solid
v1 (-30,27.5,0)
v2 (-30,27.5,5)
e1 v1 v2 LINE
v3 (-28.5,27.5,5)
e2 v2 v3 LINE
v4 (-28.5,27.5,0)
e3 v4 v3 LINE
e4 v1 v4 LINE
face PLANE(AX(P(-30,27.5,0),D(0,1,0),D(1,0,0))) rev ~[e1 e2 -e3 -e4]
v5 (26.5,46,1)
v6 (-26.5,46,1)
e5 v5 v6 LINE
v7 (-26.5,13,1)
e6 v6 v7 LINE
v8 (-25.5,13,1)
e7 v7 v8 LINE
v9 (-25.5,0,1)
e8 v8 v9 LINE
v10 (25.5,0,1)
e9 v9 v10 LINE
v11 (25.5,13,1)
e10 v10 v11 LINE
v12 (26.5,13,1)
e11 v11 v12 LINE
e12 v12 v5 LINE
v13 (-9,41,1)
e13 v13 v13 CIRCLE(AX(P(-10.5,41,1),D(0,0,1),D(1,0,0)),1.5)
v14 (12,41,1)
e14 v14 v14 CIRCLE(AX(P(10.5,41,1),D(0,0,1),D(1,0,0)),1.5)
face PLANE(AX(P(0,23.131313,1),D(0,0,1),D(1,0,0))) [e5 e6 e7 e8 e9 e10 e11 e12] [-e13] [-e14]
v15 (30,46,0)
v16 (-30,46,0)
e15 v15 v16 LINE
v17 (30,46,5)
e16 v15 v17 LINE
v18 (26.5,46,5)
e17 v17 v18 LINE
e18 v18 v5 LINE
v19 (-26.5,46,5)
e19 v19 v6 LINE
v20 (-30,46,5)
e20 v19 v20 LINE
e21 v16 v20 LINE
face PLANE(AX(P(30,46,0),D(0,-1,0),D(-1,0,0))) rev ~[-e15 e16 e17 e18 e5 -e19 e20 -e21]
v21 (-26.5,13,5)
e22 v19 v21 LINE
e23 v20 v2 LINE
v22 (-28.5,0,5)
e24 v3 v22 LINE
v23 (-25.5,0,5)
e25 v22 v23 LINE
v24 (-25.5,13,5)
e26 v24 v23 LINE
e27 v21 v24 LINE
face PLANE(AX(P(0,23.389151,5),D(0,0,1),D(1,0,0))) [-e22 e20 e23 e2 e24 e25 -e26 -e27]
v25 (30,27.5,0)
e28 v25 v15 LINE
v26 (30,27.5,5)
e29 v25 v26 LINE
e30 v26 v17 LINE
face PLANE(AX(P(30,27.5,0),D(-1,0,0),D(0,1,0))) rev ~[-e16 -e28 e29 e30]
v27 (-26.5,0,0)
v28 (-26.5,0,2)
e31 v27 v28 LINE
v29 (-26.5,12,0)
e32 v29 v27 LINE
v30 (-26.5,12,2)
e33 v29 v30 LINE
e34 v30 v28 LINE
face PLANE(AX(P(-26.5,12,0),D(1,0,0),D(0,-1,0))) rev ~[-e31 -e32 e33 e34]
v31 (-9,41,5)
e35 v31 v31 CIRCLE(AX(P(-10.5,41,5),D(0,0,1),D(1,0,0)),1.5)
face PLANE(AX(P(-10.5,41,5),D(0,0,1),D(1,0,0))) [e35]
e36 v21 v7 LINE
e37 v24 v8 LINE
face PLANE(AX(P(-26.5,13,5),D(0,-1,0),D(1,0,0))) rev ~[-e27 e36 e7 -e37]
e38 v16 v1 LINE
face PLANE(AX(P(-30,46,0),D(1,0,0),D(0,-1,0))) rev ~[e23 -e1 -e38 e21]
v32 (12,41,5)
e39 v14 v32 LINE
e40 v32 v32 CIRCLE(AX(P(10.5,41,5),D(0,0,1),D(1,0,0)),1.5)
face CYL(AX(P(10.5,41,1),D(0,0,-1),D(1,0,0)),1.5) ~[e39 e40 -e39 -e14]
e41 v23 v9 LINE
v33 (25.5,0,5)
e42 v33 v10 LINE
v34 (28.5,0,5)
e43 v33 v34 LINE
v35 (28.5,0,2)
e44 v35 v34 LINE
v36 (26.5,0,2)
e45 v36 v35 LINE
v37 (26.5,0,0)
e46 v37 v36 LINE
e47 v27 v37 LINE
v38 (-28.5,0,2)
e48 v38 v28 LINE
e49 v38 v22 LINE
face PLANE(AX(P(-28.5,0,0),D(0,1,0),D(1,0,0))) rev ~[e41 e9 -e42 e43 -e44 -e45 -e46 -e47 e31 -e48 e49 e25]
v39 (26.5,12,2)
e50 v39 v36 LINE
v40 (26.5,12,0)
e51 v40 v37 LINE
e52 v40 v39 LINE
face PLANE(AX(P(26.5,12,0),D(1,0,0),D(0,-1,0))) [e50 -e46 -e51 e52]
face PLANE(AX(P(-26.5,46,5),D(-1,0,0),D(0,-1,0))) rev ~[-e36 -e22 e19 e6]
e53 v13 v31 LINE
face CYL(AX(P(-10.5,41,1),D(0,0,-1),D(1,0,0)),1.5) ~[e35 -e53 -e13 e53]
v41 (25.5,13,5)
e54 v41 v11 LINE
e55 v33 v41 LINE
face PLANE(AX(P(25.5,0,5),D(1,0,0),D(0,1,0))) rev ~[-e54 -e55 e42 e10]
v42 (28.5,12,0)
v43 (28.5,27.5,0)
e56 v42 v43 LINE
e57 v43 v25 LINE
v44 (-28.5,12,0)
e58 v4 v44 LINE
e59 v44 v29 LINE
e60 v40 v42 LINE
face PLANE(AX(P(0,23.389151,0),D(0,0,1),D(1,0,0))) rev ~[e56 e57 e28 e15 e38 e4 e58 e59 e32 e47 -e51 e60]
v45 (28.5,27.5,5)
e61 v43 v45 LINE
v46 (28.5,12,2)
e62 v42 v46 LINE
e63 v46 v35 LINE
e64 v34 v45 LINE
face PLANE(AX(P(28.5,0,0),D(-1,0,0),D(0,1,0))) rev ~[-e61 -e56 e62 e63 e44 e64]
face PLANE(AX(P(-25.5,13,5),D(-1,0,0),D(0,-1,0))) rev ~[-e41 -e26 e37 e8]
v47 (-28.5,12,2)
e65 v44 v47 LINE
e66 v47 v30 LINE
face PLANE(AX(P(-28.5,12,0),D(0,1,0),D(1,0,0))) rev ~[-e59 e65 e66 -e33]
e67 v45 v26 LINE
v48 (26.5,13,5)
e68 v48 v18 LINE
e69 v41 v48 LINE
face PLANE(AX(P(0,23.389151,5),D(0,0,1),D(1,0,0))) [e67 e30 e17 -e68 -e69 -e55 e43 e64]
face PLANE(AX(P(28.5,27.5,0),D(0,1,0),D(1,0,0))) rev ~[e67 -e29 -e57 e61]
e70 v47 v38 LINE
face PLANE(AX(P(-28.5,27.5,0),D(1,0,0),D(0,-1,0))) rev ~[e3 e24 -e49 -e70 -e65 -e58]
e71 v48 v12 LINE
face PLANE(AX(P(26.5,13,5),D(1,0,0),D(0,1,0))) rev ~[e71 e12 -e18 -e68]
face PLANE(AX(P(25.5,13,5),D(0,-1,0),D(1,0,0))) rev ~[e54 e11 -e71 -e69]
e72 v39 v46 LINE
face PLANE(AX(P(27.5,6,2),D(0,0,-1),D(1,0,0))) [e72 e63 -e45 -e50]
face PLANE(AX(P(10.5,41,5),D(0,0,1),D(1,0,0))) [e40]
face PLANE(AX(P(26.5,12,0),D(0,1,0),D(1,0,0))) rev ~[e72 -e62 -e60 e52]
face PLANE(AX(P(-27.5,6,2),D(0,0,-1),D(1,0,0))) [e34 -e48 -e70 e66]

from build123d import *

# Parameters (mm, degrees)
PAD_DEPTH       = 5
SKETCH001_W     = 2
SKETCH001_H     = 12
POCKET_DEPTH    = 2
POCKET001_DEPTH = 4
SKETCH003_R     = 1.5
PAD001_DEPTH    = 4


with BuildPart() as part:
    # Sketch → Pad (new body)
    with BuildSketch(Plane.XY):
        Polygon((-28.5, 0), (28.5, 0), (28.5, 27.5), (30, 27.5), (30, 46), (-30, 46), (-30, 27.5), (-28.5, 27.5), align=None)
    extrude(amount=PAD_DEPTH)

    # Sketch001 (on Face9 of Pad) → Pocket (cut)
    with BuildSketch(Plane(origin=(0, 0, 0), x_dir=(1, 0, 0), z_dir=(0, 0, -1))):
        with Locations((-27.5, -6)):
            Rectangle(SKETCH001_W, SKETCH001_H)
        with Locations((27.5, -6)):
            Rectangle(SKETCH001_W, SKETCH001_H)
    extrude(amount=-POCKET_DEPTH, mode=Mode.SUBTRACT)

    # Sketch002 (on Face8 of Pocket) → Pocket001 (cut)
    with BuildSketch(Plane.XY.offset(5)):
        Polygon((-25.5, 0), (25.5, 0), (25.5, 13), (26.5, 13), (26.5, 46), (-26.5, 46), (-26.5, 13), (-25.5, 13), align=None)
    extrude(amount=-POCKET001_DEPTH, mode=Mode.SUBTRACT)

    # Sketch003 (on Face10 of Pocket001) → Pad001 (join)
    with BuildSketch(Plane.XY.offset(1)):
        with Locations((-10.5, 41)):
            Circle(SKETCH003_R)
        with Locations((10.5, 41)):
            Circle(SKETCH003_R)
    extrude(amount=PAD001_DEPTH)


solid = part.part
